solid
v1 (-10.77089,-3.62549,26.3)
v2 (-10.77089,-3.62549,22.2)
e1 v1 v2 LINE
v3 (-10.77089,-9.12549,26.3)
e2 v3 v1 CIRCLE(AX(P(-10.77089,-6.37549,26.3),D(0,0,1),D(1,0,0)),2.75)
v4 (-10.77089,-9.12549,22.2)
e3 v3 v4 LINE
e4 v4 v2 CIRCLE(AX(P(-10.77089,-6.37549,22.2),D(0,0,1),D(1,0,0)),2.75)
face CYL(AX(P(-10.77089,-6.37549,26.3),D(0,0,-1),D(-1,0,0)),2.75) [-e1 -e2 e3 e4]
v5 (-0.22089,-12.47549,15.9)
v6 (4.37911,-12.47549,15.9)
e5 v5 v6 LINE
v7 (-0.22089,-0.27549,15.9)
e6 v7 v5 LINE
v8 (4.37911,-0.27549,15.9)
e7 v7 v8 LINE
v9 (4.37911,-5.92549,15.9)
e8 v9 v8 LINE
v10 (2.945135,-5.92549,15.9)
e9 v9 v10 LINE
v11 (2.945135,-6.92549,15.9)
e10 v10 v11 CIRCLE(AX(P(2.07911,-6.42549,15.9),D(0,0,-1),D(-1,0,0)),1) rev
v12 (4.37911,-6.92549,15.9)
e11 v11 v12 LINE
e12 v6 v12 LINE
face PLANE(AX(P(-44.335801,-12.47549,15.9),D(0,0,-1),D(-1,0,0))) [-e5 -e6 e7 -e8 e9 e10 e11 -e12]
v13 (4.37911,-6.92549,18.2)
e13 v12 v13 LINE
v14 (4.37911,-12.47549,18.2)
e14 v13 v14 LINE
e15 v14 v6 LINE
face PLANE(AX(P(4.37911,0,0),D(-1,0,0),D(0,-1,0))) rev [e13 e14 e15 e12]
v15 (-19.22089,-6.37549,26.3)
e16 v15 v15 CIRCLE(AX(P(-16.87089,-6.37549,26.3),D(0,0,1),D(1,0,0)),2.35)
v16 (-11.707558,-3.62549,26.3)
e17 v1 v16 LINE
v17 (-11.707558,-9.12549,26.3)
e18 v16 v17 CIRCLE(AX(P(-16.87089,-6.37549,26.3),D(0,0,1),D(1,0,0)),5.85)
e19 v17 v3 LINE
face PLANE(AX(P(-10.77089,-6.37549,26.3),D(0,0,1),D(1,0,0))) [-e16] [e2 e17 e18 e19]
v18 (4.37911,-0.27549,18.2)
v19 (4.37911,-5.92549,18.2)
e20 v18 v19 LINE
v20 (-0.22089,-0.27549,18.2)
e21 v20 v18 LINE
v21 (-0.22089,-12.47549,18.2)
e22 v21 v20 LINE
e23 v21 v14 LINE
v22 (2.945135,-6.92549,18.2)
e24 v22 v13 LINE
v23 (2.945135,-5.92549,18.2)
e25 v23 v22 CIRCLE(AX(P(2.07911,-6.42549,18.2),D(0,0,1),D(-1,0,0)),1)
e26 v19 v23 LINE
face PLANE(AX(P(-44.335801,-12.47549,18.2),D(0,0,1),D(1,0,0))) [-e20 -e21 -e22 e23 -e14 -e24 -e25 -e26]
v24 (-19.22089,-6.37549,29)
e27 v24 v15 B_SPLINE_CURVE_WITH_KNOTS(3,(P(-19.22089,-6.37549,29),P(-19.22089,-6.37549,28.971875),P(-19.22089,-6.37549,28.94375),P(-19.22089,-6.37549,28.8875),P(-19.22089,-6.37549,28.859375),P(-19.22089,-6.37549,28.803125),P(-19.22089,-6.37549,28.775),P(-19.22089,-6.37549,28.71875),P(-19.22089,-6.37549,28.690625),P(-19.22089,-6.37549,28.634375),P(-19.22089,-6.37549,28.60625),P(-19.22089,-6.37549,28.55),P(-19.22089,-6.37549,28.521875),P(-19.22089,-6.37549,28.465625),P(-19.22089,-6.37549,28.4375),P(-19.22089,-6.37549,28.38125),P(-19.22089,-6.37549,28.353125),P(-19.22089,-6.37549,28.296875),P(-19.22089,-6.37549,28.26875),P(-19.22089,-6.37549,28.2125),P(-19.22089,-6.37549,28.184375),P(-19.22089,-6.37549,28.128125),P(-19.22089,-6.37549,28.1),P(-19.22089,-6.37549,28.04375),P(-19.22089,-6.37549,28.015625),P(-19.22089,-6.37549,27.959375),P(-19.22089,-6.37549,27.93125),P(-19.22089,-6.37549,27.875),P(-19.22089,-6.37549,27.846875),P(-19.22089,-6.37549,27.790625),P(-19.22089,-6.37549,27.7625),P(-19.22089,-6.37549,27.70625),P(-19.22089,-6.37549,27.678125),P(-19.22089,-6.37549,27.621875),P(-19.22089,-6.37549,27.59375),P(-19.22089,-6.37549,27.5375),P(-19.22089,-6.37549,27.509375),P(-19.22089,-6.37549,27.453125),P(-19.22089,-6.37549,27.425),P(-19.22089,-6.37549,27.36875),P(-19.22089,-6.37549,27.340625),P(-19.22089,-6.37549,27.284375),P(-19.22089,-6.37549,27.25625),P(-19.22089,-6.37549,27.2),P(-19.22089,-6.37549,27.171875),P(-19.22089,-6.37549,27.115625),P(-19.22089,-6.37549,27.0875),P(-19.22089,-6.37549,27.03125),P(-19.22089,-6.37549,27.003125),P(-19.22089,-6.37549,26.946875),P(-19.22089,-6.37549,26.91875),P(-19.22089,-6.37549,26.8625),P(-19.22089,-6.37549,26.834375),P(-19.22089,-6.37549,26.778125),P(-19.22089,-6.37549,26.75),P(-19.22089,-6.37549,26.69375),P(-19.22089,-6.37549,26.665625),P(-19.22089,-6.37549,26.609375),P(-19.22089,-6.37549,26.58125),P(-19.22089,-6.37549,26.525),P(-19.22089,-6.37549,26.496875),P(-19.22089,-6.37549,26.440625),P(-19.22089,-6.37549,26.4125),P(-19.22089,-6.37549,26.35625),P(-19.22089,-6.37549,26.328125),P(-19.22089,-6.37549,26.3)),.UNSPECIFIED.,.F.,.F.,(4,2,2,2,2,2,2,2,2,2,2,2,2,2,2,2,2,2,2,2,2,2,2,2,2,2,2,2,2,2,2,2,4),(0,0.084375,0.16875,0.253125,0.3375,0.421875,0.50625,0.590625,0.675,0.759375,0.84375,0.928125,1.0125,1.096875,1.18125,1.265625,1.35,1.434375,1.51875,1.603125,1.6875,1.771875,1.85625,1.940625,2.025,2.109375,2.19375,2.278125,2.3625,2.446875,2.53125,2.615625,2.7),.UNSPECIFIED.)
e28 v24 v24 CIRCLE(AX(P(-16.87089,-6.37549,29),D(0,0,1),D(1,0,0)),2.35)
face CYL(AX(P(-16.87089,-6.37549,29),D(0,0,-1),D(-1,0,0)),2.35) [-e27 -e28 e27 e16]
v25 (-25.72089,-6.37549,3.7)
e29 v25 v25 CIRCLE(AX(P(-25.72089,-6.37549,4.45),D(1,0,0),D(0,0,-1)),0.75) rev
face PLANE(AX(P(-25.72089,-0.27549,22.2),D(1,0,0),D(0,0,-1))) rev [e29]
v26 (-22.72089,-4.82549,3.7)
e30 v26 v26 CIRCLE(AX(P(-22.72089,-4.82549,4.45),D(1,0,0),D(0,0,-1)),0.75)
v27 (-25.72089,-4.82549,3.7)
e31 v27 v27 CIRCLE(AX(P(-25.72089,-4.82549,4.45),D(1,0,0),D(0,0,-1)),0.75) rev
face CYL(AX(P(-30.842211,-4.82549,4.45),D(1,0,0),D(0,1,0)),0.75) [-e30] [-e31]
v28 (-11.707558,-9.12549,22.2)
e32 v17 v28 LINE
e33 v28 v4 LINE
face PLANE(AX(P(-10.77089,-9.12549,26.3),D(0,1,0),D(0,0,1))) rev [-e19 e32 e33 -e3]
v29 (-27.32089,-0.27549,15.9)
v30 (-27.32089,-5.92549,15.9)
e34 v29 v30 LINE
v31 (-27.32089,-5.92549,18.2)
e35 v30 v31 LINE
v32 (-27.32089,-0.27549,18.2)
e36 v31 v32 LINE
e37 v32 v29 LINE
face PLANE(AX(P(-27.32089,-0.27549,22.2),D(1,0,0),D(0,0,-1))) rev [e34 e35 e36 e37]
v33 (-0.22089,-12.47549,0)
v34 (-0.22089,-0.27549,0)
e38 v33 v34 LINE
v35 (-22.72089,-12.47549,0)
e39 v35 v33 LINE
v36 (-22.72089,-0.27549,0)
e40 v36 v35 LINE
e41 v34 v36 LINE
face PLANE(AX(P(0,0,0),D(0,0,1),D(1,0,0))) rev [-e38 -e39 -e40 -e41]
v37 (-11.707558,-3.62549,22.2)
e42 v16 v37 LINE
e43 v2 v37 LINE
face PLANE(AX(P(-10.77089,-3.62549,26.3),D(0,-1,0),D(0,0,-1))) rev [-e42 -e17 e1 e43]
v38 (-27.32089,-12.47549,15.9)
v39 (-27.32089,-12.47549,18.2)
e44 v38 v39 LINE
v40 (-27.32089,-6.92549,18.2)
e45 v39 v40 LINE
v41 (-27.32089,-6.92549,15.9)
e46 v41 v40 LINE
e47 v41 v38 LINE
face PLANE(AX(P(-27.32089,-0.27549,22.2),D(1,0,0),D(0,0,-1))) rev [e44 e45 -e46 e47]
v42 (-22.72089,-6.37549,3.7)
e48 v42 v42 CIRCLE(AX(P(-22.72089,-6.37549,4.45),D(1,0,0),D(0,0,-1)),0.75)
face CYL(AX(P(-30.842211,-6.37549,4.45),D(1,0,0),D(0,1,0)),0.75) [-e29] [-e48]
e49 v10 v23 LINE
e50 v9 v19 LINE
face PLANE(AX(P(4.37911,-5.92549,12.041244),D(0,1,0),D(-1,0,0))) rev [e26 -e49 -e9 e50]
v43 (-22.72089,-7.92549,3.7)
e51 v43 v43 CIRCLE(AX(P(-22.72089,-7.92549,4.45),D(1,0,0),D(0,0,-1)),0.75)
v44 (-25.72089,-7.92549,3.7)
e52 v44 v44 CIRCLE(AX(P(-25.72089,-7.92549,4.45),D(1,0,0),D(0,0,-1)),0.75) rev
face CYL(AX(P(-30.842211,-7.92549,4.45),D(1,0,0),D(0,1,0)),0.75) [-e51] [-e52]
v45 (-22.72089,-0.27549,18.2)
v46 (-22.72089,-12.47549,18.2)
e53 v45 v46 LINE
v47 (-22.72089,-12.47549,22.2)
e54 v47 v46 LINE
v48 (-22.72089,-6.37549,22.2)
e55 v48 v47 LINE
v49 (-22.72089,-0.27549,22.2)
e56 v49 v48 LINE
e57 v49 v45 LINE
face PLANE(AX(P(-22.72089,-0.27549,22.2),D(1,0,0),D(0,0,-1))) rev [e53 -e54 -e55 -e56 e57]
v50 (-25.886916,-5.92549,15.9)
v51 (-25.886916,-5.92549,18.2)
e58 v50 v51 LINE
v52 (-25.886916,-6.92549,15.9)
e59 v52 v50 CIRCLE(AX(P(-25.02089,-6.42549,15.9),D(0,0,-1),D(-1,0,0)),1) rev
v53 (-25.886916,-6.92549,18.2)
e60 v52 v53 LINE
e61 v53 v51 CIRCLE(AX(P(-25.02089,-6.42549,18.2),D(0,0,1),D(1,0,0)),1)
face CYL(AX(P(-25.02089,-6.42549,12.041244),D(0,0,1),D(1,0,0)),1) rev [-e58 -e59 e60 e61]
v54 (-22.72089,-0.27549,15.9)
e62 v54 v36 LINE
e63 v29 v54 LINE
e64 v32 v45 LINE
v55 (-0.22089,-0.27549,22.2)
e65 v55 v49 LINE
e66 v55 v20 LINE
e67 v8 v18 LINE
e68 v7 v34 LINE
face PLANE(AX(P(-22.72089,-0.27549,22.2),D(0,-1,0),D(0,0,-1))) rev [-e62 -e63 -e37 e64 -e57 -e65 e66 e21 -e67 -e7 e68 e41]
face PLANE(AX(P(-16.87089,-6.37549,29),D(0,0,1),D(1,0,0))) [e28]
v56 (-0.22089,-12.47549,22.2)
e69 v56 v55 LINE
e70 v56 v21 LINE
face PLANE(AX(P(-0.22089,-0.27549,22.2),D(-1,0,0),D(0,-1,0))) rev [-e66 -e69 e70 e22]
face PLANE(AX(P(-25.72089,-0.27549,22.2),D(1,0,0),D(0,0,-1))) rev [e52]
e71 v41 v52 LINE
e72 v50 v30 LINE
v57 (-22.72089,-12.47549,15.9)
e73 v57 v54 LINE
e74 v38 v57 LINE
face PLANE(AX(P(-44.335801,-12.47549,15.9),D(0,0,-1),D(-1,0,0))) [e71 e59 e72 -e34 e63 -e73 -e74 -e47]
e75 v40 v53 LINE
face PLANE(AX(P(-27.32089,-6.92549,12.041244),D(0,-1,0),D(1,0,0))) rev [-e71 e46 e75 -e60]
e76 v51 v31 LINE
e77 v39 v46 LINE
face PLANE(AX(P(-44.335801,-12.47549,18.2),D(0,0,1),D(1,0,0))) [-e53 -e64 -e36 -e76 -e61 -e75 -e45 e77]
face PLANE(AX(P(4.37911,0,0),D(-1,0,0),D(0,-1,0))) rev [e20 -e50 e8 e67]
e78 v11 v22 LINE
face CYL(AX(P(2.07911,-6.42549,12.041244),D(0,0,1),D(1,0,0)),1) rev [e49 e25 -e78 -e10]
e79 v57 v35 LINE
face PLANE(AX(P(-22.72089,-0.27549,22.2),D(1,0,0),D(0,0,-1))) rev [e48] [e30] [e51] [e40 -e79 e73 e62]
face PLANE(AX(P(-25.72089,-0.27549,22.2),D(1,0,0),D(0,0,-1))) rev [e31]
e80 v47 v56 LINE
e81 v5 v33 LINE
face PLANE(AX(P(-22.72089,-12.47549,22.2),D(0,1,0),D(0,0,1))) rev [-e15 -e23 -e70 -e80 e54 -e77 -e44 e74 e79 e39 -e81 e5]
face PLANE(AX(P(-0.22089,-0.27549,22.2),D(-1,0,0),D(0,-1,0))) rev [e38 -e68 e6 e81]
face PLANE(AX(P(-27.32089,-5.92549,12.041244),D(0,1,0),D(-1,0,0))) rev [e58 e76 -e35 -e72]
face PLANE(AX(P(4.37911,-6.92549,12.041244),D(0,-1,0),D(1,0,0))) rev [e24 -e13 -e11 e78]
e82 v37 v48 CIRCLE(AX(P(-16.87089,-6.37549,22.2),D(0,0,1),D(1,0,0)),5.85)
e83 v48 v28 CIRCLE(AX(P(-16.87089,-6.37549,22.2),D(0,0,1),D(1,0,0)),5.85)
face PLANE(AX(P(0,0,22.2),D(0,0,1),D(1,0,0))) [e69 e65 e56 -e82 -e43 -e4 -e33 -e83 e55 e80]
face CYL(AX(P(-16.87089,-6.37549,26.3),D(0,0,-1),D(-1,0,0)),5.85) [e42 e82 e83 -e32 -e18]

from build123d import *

# Parameters (mm, degrees)
SZKIC1_W                         = 22.5
SZKIC1_H                         = 12.2
DODANIE_WYCI_GNI_CIE1_DEPTH      = 22.2
DODANIE_WYCI_GNI_CIE2_DEPTH      = 4.6
DODANIE_WYCI_GNI_CIE2_DEPTH_BACK = 27.1
SZKIC2_W                         = 2.3
SZKIC2_H                         = 12.2
DODANIE_WYCI_GNI_CIE3_DEPTH      = 4.1
SZKIC8_R                         = 2.35
DODANIE_WYCI_GNI_CIE4_DEPTH      = 2.7
WYTNIJ_WYCI_GNI_CIE2_DEPTH       = 2.3
SZKIC11_R                        = 0.75
DODANIE_WYCI_GNI_CIE8_DEPTH      = 25.5


with BuildPart() as part:
    # Szkic1 → Dodanie-wyciągnięcie1 (new body)
    with BuildSketch(Plane.XY):
        with Locations((-11.470890411, -6.375490196)):
            Rectangle(SZKIC1_W, SZKIC1_H)
    extrude(amount=DODANIE_WYCI_GNI_CIE1_DEPTH)

    # Szkic2 → Dodanie-wyciągnięcie2 (add, two sides: drawn at the far end of the back side and taken through both)
    with BuildSketch(Plane(origin=(-0.220890411, 0, 0), x_dir=(0, 0, -1), z_dir=(1, 0, 0)).offset(-DODANIE_WYCI_GNI_CIE2_DEPTH_BACK)):
        with Locations((-17.05, -6.375490196)):
            Rectangle(SZKIC2_W, SZKIC2_H)
    extrude(amount=DODANIE_WYCI_GNI_CIE2_DEPTH + DODANIE_WYCI_GNI_CIE2_DEPTH_BACK)

    # Szkic3 → Dodanie-wyciągnięcie3 (add)
    with BuildSketch(Plane.XY.offset(22.2)):
        with BuildLine():
            Line((-10.770890411, -9.125490196), (-11.707558154, -9.125490196))
            ThreePointArc((-11.707558154, -9.125490196), (-22.720890411, -6.375490196), (-11.707558154, -3.625490196))
            Line((-11.707558154, -3.625490196), (-10.770890411, -3.625490196))
            ThreePointArc((-10.770890411, -3.625490196), (-8.020890411, -6.375490196), (-10.770890411, -9.125490196))
        make_face()
    extrude(amount=DODANIE_WYCI_GNI_CIE3_DEPTH)

    # Szkic8 → Dodanie-wyciągnięcie4 (add)
    with BuildSketch(Plane.XY.offset(26.3)):
        with Locations(Location((-16.870890411, -6.375490196, 0), (0, 0, 180))):
            Circle(SZKIC8_R)
    extrude(amount=DODANIE_WYCI_GNI_CIE4_DEPTH)

    # Szkic10 → Wytnij-wyciągnięcie2 (cut)
    with BuildSketch(Plane.XY.offset(18.2)):
        with BuildLine():
            Line((-27.320890411, -5.925490196), (-27.320890411, -6.925490196))
            Line((-27.320890411, -6.925490196), (-25.886915815, -6.925490196))
            ThreePointArc((-25.886915815, -6.925490196), (-24.020890411, -6.425490196), (-25.886915815, -5.925490196))
            Line((-25.886915815, -5.925490196), (-27.320890411, -5.925490196))
        make_face()
        with BuildLine():
            Line((4.379109589, -6.925490196), (2.945134993, -6.925490196))
            ThreePointArc((2.945134993, -6.925490196), (1.079109589, -6.425490196), (2.945134993, -5.925490196))
            Line((2.945134993, -5.925490196), (4.379109589, -5.925490196))
            Line((4.379109589, -5.925490196), (4.379109589, -6.925490196))
        make_face()
    extrude(amount=-WYTNIJ_WYCI_GNI_CIE2_DEPTH, mode=Mode.SUBTRACT)

    # Szkic11 → Dodanie-wyciągnięcie8 (add)
    with BuildSketch(Plane(origin=(-0.220890411, 0, 0), x_dir=(0, 0, -1), z_dir=(1, 0, 0))):
        with Locations((-4.45, -6.375490196)):
            Circle(SZKIC11_R)
        with Locations((-4.45, -4.825490196)):
            Circle(SZKIC11_R)
        with Locations((-4.45, -7.925490196)):
            Circle(SZKIC11_R)
    extrude(amount=-DODANIE_WYCI_GNI_CIE8_DEPTH)


solid = part.part
